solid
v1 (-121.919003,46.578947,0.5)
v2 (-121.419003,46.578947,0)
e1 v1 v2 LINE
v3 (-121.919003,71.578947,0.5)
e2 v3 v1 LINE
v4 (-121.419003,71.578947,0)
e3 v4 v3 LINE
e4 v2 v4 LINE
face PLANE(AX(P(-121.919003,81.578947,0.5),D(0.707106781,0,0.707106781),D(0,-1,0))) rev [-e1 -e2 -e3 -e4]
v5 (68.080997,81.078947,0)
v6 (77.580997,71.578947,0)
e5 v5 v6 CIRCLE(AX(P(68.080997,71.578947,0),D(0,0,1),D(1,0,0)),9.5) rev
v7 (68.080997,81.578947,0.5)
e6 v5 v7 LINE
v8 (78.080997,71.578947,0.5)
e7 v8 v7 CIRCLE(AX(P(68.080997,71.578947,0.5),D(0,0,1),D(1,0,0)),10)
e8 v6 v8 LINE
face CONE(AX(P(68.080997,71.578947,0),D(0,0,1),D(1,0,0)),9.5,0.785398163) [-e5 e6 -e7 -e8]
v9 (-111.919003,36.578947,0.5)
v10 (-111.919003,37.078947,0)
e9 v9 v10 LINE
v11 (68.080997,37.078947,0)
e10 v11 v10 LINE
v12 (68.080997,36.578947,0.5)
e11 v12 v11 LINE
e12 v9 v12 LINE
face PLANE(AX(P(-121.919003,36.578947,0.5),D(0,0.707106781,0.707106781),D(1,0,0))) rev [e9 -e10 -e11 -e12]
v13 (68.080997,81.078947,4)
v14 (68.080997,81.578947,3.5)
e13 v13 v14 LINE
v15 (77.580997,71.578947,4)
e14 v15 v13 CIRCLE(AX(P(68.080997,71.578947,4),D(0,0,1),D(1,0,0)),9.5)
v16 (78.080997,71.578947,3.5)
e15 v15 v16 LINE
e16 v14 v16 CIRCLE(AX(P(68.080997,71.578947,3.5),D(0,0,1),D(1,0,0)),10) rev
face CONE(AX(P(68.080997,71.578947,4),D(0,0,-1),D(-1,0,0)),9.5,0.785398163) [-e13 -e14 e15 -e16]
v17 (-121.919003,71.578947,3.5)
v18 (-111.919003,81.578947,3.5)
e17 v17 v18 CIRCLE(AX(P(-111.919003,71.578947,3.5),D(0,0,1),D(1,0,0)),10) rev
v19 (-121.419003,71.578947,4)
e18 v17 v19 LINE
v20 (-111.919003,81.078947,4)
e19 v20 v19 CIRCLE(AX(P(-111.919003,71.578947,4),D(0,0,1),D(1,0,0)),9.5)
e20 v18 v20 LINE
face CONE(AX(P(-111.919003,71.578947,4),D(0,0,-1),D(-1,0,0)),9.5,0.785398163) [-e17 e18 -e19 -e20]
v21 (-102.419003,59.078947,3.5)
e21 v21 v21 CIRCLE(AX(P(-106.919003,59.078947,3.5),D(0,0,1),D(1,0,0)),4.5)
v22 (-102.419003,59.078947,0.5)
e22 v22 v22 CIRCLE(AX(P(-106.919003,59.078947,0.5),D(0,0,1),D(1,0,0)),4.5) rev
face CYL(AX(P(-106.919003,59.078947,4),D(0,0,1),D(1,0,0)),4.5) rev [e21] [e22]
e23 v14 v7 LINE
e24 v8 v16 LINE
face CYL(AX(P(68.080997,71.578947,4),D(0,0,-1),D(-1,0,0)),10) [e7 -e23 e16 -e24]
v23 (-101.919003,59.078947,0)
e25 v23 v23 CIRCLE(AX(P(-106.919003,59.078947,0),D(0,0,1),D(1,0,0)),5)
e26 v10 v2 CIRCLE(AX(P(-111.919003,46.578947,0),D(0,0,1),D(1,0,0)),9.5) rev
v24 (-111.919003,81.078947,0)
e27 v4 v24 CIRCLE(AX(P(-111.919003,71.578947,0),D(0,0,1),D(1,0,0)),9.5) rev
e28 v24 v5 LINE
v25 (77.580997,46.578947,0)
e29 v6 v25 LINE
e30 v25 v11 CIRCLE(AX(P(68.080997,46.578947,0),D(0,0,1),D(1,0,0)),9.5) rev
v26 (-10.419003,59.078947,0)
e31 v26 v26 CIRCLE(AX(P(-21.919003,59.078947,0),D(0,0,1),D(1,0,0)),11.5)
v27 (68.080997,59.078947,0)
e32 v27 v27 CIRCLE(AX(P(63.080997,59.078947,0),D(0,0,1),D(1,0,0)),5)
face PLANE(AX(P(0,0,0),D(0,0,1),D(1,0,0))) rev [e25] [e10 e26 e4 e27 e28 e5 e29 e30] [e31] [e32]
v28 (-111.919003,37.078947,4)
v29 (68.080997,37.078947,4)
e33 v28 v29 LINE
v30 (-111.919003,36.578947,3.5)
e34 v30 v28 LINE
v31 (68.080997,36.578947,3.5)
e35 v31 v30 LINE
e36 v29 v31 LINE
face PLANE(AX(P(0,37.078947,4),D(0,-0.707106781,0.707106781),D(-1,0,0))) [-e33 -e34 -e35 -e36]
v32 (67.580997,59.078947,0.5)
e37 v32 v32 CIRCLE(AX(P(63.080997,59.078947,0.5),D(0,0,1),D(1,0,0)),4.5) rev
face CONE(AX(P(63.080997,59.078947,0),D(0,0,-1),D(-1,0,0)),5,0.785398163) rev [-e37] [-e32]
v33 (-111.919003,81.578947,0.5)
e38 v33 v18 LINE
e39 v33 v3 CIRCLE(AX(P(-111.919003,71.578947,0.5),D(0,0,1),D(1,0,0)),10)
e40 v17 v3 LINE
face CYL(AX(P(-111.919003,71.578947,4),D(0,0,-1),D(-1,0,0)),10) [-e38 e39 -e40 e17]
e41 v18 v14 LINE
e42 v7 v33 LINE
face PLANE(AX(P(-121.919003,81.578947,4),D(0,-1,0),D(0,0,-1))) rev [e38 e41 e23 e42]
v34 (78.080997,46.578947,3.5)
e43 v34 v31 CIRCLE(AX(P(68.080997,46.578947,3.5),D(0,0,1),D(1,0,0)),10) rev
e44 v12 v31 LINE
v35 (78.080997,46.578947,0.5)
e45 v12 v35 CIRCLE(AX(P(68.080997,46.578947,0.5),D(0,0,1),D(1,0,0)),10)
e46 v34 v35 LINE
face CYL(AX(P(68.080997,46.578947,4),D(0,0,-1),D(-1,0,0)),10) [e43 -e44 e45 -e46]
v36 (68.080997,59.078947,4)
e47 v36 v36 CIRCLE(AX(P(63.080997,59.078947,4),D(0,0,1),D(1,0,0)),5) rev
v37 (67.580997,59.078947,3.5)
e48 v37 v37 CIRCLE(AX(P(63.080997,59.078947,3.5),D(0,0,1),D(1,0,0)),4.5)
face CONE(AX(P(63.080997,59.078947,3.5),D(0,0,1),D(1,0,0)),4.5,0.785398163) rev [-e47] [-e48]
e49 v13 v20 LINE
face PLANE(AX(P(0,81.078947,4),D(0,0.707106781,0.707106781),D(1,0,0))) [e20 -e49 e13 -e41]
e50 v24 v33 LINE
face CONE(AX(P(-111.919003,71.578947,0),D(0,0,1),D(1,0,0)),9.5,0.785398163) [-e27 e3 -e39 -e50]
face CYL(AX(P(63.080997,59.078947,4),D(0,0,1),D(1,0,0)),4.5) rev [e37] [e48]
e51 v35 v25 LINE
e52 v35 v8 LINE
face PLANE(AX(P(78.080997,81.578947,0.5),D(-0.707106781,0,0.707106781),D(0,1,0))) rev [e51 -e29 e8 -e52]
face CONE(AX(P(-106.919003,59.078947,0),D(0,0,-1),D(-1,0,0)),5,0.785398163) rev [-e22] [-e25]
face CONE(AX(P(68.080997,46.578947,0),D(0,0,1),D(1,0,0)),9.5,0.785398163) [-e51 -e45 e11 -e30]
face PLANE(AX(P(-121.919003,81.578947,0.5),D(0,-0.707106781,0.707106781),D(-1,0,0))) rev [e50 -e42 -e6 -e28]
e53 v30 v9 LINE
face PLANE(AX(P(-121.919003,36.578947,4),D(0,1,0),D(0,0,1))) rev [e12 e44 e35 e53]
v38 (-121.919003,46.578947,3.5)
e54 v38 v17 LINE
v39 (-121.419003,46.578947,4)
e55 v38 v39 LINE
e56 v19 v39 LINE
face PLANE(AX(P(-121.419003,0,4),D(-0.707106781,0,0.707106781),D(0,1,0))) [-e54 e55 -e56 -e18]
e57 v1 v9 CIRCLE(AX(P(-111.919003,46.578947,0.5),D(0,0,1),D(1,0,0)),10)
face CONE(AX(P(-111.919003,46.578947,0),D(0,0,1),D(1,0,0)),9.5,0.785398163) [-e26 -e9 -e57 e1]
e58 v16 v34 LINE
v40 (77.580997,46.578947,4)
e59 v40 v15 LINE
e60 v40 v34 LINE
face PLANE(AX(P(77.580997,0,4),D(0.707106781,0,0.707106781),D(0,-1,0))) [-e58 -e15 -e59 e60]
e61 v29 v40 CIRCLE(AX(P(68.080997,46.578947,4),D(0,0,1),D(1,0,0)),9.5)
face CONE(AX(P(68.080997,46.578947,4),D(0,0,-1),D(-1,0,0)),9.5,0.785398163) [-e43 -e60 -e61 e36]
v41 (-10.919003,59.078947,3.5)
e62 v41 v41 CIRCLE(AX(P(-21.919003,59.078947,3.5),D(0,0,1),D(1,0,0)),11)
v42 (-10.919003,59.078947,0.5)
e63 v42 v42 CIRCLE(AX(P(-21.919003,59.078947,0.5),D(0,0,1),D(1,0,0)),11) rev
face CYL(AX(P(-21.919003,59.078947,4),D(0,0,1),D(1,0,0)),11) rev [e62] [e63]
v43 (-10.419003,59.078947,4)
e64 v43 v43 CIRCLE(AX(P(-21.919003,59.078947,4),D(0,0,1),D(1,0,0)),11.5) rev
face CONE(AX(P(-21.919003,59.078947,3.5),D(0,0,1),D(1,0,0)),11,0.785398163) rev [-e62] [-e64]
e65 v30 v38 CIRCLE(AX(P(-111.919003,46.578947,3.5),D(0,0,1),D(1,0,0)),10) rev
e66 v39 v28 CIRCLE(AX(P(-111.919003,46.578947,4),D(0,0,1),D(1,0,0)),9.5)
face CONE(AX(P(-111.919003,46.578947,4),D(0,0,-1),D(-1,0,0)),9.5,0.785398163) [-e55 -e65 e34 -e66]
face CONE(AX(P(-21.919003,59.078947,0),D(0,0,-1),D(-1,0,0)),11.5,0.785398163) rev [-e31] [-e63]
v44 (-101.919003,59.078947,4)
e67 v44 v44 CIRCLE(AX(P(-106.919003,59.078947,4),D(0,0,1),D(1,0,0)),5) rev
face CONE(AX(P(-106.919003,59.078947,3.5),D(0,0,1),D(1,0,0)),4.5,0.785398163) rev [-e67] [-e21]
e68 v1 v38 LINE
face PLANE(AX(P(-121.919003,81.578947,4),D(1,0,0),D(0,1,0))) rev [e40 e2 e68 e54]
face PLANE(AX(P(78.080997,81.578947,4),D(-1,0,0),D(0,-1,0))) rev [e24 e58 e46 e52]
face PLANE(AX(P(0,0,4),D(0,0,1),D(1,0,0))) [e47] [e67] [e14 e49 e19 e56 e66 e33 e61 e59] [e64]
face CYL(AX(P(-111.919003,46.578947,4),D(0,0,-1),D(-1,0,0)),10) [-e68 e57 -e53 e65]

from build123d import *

# Parameters (mm, degrees)
ESQUISSE1_W        = 200
ESQUISSE1_H        = 45
BOSS_EXTRU_1_DEPTH = 4
CONG_2_R           = 10
D_GAGEMENT_M81_D   = 9
D_GAGEMENT_M201_D  = 22
CHANFREIN2_SIZE    = 0.5
CHANFREIN3_SIZE    = 0.5


with BuildPart() as part:
    # Esquisse1 → Boss.-Extru.1 (new body)
    with BuildSketch(Plane.XY):
        with Locations((-21.919003271, 59.078947368)):
            Rectangle(ESQUISSE1_W, ESQUISSE1_H)
    extrude(amount=BOSS_EXTRU_1_DEPTH)

    # Congé2
    cong_2_edges = [part.edges().sort_by_distance(p)[0] for p in [
        (-121.919003271, 81.578947368, 2),
        (78.080996729, 81.578947368, 2),
        (78.080996729, 36.578947368, 2),
        (-121.919003271, 36.578947368, 2),
    ]]
    fillet(cong_2_edges, radius=CONG_2_R)

    # Dégagement M81 (through all)
    with Locations(Plane.XY.offset(4)):
        with Locations((-106.919003271, 59.078947368), (63.080996729, 59.078947368)):
            Hole(D_GAGEMENT_M81_D / 2)

    # Dégagement M201 (through all)
    with Locations(Plane.XY.offset(4)):
        with Locations((-21.919003271, 59.078947368)):
            Hole(D_GAGEMENT_M201_D / 2)

    # Chanfrein2
    chanfrein2_edges = [part.edges().sort_by_distance(p)[0] for p in [
        (-121.919003271, 59.078947368, 0),
        (-121.919003271, 59.078947368, 4),
        (-21.919003271, 81.578947368, 0),
        (78.080996729, 59.078947368, 0),
        (-21.919003271, 36.578947368, 0),
        (75.15206454, 78.65001518, 0),
        (75.15206454, 39.507879557, 0),
        (-118.990071083, 39.507879557, 0),
        (-118.990071083, 78.65001518, 0),
        (-21.919003271, 81.578947368, 4),
        (-21.919003271, 36.578947368, 4),
        (78.080996729, 59.078947368, 4),
        (75.15206454, 78.65001518, 4),
        (75.15206454, 39.507879557, 4),
        (-118.990071083, 39.507879557, 4),
        (-118.990071083, 78.65001518, 4),
    ]]
    chamfer(chanfrein2_edges, length=CHANFREIN2_SIZE)

    # Chanfrein3
    chanfrein3_edges = [part.edges().sort_by_distance(p)[0] for p in [
        (67.580996729, 59.078947368, 4),
        (67.580996729, 59.078947368, 0),
        (-102.419003271, 59.078947368, 4),
        (-102.419003271, 59.078947368, 0),
        (-10.919003271, 59.078947368, 4),
        (-10.919003271, 59.078947368, 0),
    ]]
    chamfer(chanfrein3_edges, length=CHANFREIN3_SIZE)


solid = part.part
